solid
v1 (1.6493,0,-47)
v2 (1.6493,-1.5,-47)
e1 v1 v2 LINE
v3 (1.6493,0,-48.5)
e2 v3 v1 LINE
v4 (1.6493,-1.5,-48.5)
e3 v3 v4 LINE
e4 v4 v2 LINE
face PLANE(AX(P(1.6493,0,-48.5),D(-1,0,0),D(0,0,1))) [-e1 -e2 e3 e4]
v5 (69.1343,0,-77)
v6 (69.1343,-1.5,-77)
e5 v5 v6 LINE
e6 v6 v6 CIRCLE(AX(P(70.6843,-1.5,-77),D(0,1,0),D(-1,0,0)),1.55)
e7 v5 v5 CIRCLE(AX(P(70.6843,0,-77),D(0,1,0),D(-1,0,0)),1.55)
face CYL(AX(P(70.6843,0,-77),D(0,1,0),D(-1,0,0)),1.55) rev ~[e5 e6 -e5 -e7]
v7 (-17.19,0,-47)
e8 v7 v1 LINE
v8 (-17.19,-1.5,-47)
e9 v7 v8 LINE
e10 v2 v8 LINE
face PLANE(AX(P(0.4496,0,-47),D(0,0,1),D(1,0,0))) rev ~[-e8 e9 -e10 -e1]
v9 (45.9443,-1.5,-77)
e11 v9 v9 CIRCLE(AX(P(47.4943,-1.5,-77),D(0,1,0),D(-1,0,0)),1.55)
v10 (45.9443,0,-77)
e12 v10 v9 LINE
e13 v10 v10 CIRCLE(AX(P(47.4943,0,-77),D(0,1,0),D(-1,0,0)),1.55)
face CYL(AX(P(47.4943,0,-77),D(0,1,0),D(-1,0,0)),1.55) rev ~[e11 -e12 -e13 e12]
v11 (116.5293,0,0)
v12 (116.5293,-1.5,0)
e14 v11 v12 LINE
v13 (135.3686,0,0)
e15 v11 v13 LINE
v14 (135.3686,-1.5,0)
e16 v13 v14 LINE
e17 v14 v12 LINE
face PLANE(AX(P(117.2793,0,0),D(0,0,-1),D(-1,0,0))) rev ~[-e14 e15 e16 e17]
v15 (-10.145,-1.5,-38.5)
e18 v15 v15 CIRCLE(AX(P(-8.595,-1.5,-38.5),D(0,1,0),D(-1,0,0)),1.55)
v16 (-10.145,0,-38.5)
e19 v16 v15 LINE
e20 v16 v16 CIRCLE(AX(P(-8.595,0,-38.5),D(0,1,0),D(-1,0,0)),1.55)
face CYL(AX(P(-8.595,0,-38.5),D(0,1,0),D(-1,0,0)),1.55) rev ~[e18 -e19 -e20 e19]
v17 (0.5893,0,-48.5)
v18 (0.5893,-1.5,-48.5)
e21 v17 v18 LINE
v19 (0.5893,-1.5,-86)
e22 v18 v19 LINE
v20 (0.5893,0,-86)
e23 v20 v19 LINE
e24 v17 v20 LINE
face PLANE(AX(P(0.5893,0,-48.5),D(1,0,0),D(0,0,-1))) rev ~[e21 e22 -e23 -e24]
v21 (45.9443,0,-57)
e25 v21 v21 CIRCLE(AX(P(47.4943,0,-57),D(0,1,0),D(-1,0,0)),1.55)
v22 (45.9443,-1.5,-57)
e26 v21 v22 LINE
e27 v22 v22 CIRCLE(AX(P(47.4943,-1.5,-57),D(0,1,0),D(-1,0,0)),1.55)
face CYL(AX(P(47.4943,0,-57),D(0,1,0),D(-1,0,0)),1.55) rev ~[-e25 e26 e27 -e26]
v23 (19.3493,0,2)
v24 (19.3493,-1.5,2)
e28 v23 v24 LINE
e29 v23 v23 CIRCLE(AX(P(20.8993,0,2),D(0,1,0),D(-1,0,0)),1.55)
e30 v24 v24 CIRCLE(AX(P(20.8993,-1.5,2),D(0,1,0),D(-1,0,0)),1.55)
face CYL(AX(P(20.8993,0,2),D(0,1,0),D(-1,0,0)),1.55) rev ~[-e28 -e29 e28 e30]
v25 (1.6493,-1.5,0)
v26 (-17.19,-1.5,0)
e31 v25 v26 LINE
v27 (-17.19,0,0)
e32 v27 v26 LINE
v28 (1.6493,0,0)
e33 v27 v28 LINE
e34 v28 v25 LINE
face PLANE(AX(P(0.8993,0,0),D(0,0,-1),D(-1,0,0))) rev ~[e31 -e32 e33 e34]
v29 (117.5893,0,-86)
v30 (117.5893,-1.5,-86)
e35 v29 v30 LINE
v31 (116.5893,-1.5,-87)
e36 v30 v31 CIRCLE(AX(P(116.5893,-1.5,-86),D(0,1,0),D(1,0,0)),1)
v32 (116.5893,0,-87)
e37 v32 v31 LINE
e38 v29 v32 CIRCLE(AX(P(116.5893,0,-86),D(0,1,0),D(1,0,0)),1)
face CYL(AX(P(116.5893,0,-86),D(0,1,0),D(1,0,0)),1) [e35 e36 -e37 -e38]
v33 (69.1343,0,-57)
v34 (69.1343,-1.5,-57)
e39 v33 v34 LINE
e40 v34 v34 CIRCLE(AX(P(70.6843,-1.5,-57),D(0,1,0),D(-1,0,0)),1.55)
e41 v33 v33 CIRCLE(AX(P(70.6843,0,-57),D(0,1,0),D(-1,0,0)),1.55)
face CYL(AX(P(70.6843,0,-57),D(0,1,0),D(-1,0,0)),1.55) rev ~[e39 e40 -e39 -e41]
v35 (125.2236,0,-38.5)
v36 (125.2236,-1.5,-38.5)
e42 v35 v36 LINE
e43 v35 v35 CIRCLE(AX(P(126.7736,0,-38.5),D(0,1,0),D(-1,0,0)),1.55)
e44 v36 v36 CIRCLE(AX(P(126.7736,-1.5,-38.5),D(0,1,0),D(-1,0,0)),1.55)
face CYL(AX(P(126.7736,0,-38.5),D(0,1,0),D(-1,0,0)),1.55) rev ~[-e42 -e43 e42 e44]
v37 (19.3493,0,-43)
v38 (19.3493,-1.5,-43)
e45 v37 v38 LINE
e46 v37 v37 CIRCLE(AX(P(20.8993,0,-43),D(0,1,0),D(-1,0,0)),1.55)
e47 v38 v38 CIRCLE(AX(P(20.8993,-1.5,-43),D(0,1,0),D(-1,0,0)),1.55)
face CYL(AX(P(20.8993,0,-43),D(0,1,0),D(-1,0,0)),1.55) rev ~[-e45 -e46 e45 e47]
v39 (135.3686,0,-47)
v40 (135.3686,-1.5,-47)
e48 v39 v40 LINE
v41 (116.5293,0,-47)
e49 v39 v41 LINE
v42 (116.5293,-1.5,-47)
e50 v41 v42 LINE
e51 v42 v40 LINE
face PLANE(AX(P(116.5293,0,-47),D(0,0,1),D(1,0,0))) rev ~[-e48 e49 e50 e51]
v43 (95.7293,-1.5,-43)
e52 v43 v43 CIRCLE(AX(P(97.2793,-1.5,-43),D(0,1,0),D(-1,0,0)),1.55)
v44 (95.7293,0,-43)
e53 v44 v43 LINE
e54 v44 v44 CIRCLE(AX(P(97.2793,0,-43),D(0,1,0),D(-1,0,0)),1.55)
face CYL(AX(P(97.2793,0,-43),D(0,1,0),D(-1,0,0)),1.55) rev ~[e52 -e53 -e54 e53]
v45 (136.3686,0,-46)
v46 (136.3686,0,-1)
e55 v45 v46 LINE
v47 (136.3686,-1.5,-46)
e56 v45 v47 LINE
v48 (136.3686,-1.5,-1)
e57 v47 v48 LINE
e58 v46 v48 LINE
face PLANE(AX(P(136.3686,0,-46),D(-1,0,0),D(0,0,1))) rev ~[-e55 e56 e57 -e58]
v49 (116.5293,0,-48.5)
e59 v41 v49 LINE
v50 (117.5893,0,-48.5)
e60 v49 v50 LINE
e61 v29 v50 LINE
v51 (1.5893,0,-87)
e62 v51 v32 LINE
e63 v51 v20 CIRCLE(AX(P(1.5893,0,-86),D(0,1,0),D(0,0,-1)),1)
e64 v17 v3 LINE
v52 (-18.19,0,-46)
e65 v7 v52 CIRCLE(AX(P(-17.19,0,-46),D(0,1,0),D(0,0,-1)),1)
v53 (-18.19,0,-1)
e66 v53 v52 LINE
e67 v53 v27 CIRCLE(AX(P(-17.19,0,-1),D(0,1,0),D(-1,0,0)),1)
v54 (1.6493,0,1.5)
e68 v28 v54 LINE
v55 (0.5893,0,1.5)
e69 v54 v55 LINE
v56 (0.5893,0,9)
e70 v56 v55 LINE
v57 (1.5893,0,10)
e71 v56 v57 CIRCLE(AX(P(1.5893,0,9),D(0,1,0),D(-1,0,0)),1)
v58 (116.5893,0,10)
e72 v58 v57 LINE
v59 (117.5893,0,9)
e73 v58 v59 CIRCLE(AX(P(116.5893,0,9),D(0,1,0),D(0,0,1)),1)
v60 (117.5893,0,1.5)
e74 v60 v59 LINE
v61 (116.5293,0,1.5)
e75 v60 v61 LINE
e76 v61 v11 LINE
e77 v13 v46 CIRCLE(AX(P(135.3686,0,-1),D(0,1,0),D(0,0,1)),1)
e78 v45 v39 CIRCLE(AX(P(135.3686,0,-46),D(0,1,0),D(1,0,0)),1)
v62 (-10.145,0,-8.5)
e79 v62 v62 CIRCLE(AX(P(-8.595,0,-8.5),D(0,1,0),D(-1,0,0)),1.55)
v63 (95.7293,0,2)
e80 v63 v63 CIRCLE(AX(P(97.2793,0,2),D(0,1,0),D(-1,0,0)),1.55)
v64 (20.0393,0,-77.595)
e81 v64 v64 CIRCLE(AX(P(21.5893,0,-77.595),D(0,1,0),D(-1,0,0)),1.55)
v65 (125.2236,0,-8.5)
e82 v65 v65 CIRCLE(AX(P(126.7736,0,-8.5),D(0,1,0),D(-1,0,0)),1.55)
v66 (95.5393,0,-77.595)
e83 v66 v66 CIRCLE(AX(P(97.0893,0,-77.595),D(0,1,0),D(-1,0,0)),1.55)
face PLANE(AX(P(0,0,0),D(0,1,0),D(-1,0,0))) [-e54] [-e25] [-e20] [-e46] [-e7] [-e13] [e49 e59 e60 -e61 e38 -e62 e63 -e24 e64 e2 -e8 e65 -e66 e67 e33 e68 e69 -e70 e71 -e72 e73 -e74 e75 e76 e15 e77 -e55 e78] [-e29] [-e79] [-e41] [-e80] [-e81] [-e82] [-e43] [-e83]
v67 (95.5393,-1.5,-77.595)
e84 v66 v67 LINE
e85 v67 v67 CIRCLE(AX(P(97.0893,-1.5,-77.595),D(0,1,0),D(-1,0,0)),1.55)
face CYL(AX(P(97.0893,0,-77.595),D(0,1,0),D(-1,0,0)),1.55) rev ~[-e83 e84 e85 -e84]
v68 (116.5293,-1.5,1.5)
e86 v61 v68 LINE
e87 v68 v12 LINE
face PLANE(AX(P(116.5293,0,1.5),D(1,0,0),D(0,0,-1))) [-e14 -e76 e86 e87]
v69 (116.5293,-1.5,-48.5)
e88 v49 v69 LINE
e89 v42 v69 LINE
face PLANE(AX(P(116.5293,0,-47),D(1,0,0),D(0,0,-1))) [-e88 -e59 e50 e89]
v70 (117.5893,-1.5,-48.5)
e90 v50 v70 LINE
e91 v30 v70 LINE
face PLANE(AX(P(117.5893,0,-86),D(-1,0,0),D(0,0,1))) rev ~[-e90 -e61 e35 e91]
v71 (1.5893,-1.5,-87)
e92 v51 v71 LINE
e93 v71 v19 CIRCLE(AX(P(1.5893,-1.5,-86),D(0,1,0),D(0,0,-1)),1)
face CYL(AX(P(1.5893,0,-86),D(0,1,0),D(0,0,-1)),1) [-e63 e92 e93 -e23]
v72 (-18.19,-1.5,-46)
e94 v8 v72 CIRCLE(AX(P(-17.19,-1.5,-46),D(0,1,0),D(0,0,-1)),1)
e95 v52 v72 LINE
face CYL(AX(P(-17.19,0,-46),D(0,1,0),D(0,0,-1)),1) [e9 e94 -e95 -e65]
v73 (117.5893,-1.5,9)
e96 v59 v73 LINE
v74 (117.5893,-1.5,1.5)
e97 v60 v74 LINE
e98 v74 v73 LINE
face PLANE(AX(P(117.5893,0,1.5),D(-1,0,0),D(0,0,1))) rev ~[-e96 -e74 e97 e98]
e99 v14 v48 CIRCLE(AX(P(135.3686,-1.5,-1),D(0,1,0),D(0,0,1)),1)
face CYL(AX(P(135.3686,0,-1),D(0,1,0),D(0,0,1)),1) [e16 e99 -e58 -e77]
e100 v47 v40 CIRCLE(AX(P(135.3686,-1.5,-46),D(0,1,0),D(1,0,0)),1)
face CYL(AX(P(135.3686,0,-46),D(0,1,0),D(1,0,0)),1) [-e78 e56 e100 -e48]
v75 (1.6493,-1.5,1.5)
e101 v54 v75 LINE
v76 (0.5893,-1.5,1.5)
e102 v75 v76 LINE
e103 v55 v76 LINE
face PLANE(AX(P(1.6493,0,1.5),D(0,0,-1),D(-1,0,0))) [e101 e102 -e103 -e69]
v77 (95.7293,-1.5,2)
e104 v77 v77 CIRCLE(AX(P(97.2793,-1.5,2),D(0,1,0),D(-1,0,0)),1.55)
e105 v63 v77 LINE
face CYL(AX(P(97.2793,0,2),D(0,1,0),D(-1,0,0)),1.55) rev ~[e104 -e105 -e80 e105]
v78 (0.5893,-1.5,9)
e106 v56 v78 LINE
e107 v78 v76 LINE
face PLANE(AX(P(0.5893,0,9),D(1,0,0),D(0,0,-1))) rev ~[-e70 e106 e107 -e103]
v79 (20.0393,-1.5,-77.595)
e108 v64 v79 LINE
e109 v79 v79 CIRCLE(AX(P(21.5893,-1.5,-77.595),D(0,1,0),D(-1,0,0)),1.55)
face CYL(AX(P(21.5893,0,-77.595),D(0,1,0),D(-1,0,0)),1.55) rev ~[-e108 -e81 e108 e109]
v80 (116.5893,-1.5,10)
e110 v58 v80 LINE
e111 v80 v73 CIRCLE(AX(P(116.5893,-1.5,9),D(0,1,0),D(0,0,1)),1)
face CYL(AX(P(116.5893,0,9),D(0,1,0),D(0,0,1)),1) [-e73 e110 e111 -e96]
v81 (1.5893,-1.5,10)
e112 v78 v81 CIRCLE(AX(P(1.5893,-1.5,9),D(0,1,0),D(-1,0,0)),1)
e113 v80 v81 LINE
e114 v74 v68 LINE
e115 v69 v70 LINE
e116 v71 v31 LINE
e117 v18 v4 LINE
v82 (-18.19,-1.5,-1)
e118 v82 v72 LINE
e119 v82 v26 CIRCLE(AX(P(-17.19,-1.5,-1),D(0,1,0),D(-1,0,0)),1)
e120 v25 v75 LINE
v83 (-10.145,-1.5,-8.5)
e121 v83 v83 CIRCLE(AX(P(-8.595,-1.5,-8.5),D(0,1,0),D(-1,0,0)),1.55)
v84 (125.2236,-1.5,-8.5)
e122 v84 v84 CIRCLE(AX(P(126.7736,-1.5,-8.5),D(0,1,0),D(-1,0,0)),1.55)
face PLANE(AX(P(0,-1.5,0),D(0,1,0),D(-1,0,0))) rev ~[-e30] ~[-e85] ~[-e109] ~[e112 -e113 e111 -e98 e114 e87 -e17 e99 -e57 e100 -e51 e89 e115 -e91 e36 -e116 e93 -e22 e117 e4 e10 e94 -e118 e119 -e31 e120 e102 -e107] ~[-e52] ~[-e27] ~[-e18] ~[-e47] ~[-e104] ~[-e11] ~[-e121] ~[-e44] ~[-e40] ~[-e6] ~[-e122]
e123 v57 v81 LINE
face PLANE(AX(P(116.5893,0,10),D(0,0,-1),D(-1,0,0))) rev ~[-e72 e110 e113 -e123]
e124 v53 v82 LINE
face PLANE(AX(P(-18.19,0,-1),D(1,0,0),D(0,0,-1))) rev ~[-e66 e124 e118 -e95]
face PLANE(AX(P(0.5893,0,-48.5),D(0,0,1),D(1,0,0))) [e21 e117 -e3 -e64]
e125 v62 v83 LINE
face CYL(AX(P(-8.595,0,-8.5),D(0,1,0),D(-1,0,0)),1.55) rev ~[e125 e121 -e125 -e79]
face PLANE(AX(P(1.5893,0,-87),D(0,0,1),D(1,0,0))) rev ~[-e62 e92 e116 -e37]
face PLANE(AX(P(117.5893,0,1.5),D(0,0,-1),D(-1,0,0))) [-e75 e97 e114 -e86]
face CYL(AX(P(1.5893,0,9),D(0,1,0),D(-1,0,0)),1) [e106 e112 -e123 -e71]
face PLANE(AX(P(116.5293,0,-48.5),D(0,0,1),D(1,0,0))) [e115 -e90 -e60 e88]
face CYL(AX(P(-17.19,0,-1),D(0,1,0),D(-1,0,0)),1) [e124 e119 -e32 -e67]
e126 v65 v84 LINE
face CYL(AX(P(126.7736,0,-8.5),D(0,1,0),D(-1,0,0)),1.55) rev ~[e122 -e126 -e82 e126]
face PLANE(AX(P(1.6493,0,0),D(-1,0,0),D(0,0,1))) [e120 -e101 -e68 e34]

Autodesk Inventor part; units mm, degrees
ref_plane "YZ Plane" through (0, 0, 0) normal (1, 0, 0) x (0, 1, 0)
ref_plane "XZ Plane" through (0, 0, 0) normal (0, 1, 0) x (-1, 0, 0)
ref_plane "XY Plane" through (0, 0, 0) normal (0, 0, 1) x (1, 0, 0)
sketch "Sketch1" plane through (0, 0, 0) normal (0, 1, 0) x (-1, 0, 0)
  line L0 (-0.4496, -47) -> (-0.4496, 0)
  line L1 (-117.7289, 0) -> (-117.7289, -47)
  circle A0 centre (-97.2793, 2) radius 1.55
  circle A1 centre (-97.2793, -43) radius 1.55
  circle A2 centre (-20.8993, 2) radius 1.55
  circle A3 centre (-20.8993, -43) radius 1.55
  circle A4 centre (-70.6843, -57) radius 1.55
  circle A5 centre (-47.4943, -57) radius 1.55
  circle A6 centre (-47.4943, -77) radius 1.55
  circle A7 centre (-70.6843, -77) radius 1.55
  circle A8 centre (-97.0893, -77.595) radius 1.55
  circle A9 centre (-21.5893, -77.595) radius 1.55
  circle A10 centre (-126.7736, -8.5) radius 1.55
  circle A11 centre (8.595, -8.5) radius 1.55
  circle A12 centre (-126.7736, -38.5) radius 1.55
  circle A13 centre (8.595, -38.5) radius 1.55
  arc A14 (17.19, -47) -> (18.19, -46) centre (17.19, -46) ccw
  line L2 (18.19, -1) -> (18.19, -46)
  arc A15 (-1.5893, -87) -> (-0.5893, -86) centre (-1.5893, -86) ccw
  line L3 (-0.5893, -48.5) -> (-0.5893, -86)
  arc A16 (-117.5893, -86) -> (-116.5893, -87) centre (-116.5893, -86) ccw
  line L4 (-117.5893, -86) -> (-117.5893, -48.5)
  arc A17 (-136.3686, -46) -> (-135.3686, -47) centre (-135.3686, -46) ccw
  arc A18 (-135.3686, 0) -> (-136.3686, -1) centre (-135.3686, -1) ccw
  line L5 (-135.3686, 0) -> (-116.5293, 0)
  arc A19 (-116.5893, 10) -> (-117.5893, 9) centre (-116.5893, 9) ccw
  line L6 (-116.5893, 10) -> (-1.5893, 10)
  arc A20 (-0.5893, 9) -> (-1.5893, 10) centre (-1.5893, 9) ccw
  arc A21 (18.19, -1) -> (17.19, 0) centre (17.19, -1) ccw
  line L7 (-136.3686, -46) -> (-136.3686, -1)
  line L8 (17.19, -47) -> (-1.6493, -47)
  line L9 (-1.6493, 0) -> (17.19, 0)
  line L10 (-1.6493, 0) -> (-1.6493, 1.5)
  line L11 (-1.6493, 1.5) -> (-0.5893, 1.5)
  line L12 (-0.5893, 9) -> (-0.5893, 1.5)
  line L13 (-117.5893, 1.5) -> (-117.5893, 9)
  line L14 (-117.5893, 1.5) -> (-116.5293, 1.5)
  line L15 (-116.5293, 1.5) -> (-116.5293, 0)
  line L16 (-116.5293, -47) -> (-135.3686, -47)
  line L17 (-116.5293, -47) -> (-116.5293, -48.5)
  line L18 (-116.5293, -48.5) -> (-117.5893, -48.5)
  line L19 (-1.5893, -87) -> (-116.5893, -87)
  line L20 (-0.5893, -48.5) -> (-1.6493, -48.5)
  line L21 (-1.6493, -48.5) -> (-1.6493, -47)
  line L22 (-118.1786, -47) -> (-118.1786, 0)
  line L23 (-117.2793, 0) -> (-117.2793, -47)
  line L24 (-0.8993, -47) -> (-0.8993, 0)
  line L25 (0, 0) -> (0, -47)
extrude "Extrusion1" add sketch "Sketch1" against normal blind 1.5
properties part number "body_front_frame"
